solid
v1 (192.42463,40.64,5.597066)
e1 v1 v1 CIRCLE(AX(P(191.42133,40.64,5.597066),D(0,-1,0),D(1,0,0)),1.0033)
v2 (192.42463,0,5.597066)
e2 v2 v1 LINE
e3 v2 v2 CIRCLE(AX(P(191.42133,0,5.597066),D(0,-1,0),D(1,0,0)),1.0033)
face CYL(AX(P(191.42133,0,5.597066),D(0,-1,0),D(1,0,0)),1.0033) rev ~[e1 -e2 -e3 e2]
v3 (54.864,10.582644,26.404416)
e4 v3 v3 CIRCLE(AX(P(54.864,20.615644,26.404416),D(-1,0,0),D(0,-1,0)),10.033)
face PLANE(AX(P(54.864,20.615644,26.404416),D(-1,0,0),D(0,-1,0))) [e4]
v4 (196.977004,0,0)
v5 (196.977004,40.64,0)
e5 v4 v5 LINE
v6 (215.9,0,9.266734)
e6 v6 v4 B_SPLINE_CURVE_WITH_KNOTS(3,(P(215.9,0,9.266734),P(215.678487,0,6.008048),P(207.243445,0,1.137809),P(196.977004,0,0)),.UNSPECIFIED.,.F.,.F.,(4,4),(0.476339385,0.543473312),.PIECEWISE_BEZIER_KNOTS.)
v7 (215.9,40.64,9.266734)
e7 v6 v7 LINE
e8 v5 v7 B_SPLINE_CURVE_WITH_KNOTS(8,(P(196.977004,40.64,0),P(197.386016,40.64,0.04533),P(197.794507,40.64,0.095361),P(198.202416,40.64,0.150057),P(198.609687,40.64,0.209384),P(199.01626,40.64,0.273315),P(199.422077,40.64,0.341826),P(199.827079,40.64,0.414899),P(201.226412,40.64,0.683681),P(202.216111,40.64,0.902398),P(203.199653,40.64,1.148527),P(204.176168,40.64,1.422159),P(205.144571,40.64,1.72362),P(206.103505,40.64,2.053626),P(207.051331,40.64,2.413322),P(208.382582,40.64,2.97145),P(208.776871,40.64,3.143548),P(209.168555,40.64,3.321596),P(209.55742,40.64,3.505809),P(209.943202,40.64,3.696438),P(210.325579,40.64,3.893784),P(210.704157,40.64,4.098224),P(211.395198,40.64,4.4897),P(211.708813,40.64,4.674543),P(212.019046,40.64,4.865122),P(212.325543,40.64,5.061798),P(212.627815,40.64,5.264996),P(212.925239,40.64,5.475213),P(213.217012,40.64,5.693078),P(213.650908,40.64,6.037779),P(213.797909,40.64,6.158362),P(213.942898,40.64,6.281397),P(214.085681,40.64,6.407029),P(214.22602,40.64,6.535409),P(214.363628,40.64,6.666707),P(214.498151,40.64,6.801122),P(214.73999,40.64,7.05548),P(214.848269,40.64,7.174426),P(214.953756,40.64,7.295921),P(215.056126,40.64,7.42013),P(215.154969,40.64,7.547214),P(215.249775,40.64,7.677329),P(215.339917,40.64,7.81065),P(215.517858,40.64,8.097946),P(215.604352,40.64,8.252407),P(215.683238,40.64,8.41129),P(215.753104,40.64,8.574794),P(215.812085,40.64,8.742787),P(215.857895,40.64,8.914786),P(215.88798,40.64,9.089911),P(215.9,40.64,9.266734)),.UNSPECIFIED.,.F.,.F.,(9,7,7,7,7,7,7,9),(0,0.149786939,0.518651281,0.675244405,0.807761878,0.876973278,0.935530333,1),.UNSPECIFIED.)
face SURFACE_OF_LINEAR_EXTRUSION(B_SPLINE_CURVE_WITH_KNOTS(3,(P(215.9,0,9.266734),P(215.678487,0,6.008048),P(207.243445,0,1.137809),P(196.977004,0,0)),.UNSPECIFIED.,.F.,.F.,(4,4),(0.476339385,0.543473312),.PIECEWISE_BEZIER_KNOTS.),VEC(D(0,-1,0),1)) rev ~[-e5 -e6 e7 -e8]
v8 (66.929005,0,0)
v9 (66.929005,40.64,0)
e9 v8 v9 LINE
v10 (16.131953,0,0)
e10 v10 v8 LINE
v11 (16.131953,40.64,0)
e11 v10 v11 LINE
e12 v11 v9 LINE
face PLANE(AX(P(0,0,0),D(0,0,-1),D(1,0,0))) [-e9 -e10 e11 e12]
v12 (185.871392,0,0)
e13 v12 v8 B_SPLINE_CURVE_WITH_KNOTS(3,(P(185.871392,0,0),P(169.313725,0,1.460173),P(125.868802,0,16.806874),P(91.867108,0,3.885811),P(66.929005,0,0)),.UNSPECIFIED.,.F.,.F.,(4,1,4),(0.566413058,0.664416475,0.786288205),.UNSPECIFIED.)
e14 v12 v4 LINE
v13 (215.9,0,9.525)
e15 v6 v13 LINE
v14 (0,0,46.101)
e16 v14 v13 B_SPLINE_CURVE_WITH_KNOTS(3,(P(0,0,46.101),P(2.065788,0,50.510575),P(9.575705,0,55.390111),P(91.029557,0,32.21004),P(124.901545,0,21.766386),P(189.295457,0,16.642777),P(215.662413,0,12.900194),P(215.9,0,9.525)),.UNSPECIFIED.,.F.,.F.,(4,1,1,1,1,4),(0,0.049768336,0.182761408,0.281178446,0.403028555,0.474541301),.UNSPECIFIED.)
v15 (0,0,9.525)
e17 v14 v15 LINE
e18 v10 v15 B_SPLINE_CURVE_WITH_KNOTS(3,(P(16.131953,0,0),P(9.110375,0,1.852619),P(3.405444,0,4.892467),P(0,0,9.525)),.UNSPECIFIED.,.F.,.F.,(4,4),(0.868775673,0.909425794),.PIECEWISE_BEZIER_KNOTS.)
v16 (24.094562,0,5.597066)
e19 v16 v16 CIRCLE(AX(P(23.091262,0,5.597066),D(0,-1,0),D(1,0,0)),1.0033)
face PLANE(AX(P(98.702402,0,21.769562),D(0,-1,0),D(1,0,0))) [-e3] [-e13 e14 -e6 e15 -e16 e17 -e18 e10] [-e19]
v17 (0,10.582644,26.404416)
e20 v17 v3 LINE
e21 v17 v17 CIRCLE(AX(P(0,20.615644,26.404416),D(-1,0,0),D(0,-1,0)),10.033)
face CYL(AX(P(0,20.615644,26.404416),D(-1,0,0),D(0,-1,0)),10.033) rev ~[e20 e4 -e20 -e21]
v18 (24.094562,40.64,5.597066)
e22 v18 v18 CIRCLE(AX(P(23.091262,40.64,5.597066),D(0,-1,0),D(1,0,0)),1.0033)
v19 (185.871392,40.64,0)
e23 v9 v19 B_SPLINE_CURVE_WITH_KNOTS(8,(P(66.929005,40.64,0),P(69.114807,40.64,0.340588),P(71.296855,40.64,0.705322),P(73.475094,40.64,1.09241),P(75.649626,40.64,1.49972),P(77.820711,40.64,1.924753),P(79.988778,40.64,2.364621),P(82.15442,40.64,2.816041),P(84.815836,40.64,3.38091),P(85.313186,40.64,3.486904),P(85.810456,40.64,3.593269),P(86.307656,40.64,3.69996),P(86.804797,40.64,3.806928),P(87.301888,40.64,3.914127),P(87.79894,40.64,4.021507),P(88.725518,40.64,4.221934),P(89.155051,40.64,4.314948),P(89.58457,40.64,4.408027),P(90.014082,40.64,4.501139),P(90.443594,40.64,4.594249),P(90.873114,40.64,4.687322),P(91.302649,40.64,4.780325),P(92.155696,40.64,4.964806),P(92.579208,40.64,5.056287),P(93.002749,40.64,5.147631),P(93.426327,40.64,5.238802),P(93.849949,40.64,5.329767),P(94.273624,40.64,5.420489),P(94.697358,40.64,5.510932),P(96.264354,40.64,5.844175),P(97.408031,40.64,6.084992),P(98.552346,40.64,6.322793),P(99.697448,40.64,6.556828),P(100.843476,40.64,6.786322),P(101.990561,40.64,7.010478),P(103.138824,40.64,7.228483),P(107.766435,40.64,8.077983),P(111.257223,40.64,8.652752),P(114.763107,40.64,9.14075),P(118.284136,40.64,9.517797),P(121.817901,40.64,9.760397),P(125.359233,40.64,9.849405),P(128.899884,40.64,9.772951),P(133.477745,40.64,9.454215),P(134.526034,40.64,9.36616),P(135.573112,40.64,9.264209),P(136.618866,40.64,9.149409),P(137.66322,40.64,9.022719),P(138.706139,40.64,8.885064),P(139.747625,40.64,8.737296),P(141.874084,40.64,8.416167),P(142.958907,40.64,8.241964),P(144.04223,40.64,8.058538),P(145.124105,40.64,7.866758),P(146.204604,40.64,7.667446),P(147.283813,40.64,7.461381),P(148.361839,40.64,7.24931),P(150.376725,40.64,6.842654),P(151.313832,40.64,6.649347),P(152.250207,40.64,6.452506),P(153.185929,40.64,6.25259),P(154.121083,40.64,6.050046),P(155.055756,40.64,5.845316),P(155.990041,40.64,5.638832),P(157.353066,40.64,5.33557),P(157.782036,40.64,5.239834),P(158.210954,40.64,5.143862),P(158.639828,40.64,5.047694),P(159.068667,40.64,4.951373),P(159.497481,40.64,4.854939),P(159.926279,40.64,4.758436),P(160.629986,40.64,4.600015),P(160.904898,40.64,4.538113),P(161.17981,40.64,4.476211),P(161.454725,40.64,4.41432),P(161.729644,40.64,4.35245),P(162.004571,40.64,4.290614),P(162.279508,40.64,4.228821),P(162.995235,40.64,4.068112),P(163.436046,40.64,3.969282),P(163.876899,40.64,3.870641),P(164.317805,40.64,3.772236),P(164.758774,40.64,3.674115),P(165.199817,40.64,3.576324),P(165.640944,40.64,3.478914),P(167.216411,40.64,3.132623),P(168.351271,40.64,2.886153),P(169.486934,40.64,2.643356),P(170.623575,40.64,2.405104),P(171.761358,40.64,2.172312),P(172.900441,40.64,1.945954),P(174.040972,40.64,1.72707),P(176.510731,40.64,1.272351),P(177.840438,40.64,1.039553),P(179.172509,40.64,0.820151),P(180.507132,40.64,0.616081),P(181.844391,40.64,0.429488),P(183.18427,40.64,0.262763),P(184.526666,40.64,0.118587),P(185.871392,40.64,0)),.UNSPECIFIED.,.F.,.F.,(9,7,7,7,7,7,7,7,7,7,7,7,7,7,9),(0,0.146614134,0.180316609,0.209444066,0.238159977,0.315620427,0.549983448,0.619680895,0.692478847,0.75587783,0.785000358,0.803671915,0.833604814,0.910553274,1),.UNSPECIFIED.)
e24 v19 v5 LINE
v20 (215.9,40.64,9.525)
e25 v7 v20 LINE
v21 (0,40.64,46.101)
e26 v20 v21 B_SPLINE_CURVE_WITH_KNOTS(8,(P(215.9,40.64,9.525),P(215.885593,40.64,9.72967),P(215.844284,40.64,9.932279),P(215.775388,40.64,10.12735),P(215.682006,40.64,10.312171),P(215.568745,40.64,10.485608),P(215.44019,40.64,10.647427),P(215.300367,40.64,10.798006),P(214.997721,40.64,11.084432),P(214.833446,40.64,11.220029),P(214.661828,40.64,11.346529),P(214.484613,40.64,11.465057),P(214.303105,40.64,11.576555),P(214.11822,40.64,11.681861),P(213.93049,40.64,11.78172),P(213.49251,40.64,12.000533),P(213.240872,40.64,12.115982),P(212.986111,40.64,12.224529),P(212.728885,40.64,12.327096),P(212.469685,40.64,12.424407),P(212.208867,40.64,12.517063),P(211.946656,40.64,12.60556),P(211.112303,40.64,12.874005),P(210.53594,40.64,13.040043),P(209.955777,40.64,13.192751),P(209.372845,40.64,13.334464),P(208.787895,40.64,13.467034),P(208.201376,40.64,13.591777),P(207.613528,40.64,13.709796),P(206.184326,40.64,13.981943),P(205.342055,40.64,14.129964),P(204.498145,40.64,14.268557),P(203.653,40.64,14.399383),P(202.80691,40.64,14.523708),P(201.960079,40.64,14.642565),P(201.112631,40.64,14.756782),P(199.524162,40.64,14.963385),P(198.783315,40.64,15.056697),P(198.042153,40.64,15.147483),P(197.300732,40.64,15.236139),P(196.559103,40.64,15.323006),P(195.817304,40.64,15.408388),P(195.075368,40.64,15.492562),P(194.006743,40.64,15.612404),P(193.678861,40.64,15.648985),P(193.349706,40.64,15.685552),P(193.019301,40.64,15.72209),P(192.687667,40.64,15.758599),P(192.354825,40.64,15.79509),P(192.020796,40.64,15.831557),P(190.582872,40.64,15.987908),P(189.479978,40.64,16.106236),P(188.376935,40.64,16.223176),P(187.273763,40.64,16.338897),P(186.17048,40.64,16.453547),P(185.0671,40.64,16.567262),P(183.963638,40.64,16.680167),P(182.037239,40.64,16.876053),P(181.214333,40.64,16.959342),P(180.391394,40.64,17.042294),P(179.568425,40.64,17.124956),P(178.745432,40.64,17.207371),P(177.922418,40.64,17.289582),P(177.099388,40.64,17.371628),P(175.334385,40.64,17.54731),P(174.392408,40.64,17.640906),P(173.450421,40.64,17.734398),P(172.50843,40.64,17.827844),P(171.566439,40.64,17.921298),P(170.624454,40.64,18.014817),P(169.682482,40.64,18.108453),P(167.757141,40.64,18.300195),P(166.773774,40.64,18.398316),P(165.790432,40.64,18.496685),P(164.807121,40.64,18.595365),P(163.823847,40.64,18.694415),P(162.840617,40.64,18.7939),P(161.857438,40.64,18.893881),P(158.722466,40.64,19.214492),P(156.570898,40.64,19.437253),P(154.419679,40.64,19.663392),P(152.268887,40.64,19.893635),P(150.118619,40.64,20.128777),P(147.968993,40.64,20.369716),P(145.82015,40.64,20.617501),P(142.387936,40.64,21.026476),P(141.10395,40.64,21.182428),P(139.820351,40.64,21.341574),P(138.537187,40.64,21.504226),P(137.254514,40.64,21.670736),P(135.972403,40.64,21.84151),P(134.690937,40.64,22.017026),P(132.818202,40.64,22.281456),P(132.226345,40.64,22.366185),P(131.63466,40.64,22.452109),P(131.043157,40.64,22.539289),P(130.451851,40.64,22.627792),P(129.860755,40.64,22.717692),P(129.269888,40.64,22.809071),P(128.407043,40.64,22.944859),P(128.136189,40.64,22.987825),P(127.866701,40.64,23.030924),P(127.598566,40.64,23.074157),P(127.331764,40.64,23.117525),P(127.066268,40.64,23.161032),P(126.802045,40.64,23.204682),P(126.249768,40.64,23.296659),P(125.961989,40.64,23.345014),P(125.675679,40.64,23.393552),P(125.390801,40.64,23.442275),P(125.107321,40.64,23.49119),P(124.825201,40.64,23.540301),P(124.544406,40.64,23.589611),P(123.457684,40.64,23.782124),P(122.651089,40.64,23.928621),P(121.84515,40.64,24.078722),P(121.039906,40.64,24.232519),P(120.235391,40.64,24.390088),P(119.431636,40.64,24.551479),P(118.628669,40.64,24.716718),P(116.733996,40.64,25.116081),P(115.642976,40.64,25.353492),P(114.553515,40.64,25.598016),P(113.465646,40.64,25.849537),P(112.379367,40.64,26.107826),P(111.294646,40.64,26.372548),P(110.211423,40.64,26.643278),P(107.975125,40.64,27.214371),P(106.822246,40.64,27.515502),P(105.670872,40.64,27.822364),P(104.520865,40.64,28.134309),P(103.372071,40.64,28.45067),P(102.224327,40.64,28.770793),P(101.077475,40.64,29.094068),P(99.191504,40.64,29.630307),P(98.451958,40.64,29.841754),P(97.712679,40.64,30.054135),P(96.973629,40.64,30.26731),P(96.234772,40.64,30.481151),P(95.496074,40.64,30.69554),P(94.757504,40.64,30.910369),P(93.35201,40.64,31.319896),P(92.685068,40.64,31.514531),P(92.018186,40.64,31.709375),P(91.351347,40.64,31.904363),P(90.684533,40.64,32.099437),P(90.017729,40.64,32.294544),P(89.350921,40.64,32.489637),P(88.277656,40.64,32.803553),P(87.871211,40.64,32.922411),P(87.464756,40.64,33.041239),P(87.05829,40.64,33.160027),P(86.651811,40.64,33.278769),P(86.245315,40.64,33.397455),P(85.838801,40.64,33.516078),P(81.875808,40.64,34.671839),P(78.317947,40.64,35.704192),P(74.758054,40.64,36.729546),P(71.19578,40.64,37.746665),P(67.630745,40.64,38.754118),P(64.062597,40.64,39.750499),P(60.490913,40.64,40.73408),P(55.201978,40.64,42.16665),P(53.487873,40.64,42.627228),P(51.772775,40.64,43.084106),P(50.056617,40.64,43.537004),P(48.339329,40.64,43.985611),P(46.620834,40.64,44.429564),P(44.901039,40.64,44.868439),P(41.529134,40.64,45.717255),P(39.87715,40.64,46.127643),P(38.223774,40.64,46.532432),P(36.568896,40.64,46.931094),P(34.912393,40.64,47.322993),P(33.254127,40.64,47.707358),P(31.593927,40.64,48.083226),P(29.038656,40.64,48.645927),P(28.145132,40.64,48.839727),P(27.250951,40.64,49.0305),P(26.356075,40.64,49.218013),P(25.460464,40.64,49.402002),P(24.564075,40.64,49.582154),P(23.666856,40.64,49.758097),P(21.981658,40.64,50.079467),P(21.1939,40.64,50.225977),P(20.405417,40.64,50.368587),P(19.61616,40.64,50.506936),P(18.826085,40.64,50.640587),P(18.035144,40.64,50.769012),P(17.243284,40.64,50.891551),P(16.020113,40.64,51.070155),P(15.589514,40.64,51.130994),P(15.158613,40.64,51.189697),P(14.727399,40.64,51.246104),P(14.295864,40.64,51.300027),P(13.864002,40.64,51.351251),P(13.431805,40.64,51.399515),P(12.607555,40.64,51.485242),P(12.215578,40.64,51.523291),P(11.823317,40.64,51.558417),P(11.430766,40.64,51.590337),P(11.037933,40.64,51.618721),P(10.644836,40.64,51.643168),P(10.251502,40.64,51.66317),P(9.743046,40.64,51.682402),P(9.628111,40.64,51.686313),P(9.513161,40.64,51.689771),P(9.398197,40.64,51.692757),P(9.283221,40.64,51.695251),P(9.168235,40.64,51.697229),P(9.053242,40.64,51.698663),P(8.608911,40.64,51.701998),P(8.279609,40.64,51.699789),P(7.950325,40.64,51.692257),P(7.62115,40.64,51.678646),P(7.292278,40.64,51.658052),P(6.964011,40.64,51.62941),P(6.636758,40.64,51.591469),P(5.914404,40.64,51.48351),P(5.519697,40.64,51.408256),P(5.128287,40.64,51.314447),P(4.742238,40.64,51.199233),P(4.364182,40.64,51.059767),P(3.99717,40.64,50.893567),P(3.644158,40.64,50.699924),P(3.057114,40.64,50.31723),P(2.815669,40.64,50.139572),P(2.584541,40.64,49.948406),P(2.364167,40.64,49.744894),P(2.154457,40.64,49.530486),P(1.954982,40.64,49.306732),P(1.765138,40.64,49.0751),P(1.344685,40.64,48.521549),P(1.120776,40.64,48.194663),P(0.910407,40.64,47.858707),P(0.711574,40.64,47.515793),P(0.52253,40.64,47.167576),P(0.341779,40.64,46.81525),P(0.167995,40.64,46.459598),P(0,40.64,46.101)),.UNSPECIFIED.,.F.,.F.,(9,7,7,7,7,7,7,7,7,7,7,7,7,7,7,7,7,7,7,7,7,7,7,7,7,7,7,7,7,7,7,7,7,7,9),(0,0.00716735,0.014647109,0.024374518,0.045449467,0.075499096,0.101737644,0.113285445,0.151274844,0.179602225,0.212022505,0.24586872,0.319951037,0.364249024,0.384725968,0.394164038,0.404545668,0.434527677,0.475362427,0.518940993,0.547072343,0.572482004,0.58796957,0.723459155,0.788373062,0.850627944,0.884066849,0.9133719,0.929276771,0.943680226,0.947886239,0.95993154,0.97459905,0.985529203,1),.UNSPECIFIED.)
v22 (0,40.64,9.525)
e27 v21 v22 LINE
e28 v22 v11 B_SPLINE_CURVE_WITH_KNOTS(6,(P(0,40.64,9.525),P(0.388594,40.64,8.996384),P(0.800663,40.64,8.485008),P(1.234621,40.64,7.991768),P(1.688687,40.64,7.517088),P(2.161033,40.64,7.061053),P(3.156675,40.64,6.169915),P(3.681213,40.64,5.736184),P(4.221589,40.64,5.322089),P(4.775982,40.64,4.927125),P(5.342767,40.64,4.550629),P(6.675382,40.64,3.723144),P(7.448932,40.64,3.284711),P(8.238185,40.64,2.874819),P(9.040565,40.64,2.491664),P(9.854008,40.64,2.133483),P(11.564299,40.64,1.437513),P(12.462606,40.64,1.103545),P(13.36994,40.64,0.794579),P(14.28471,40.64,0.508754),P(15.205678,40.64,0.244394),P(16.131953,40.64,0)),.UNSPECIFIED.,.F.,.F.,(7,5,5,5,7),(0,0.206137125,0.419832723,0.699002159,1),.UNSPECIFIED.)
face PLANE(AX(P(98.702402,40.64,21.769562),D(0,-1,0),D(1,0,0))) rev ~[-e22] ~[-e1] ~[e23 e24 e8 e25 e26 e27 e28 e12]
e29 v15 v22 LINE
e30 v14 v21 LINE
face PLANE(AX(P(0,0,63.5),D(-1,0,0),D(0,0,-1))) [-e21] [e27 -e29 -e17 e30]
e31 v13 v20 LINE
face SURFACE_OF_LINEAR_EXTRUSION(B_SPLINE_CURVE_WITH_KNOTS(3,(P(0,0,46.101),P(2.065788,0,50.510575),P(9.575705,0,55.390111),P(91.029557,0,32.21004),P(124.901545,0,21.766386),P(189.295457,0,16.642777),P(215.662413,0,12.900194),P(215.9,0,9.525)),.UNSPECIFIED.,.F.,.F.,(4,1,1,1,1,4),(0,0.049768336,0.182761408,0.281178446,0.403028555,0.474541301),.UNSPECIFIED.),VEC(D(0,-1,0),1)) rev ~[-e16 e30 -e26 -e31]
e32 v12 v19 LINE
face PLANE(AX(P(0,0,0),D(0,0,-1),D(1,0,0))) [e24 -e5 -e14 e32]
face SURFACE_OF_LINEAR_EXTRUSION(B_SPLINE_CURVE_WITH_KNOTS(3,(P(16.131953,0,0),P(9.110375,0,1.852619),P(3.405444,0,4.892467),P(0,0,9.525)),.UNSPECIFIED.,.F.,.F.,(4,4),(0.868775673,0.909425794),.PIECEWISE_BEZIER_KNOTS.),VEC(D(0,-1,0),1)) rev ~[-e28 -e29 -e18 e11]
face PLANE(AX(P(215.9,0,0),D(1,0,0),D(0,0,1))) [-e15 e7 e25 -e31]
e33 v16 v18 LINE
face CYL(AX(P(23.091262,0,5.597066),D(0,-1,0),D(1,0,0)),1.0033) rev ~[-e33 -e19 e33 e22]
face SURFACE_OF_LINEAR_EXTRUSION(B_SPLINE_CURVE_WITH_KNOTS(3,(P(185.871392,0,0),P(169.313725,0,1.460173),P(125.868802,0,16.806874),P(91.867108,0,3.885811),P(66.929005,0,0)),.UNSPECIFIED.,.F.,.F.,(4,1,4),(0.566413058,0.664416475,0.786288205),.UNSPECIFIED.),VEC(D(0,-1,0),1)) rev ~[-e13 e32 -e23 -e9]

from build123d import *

# Parameters (mm, degrees)
F1_DEPTH = 40.64
F2_R     = 10.033
F3_DEPTH = 54.864
F5_DEPTH = 50.8
F6_R     = 1.0033
F7_DEPTH = 50.8


with BuildPart() as f1:
    # F0 (on Front) → F1 (new body)
    with BuildSketch(Plane.XZ):
        Polygon((0, 63.5), (0, 0), (215.9, 0), (215.9, 19.05), align=None)
    extrude(amount=-F1_DEPTH)

    # F2 (on face) → F3 (cut)
    with BuildSketch(Plane(origin=(0, 0, 0), x_dir=(0, -1, 0), z_dir=(-1, 0, 0))):
        with Locations((-20.6156443834, 26.4044162248)):
            Circle(F2_R)
    extrude(amount=-F3_DEPTH, mode=Mode.SUBTRACT)

    # F4 (on face) → F5 (cut)
    with BuildSketch(Plane.XZ):
        with BuildLine():
            add(Edge.make_bspline(
                [(16.1319528243, 0), (9.1103746855, 1.8526189253), (3.4054441774, 4.8924667394), (0, 9.525)],
                knots=[0.8687756732, 0.8687756732, 0.8687756732, 0.8687756732, 0.9094257938, 0.9094257938, 0.9094257938, 0.9094257938], degree=3))
            Line((0, 9.525), (0, 0))
            Line((0, 0), (16.1319528243, 0))
        make_face()
        with BuildLine():
            Line((0, 63.5), (0, 46.10100016))
            add(Edge.make_bspline(
                [(0, 46.10100016), (2.0657878411, 50.5105752313), (9.5757047951, 55.3901111014), (91.02955709, 32.210039913), (124.9015451965, 21.7663856992), (189.2954565971, 16.6427769383), (215.6624128237, 12.9001936662), (215.9, 9.525)],
                knots=[0, 0, 0, 0, 0.0497683362, 0.1827614083, 0.2811784463, 0.4030285545, 0.4745413014, 0.4745413014, 0.4745413014, 0.4745413014], degree=3))
            Line((215.9, 9.525), (215.9, 19.05))
            Line((215.9, 19.05), (0, 63.5))
        make_face()
        with BuildLine():
            add(Edge.make_bspline(
                [(185.8713920601, 0), (169.3137245185, 1.4601725501), (125.8688018117, 16.8068740981), (91.8671082983, 3.8858105541), (66.9290050864, 0)],
                knots=[0.5664130579, 0.5664130579, 0.5664130579, 0.5664130579, 0.6644164746, 0.7862882052, 0.7862882052, 0.7862882052, 0.7862882052], degree=3))
            Line((66.9290050864, 0), (185.8713920601, 0))
        make_face()
        with BuildLine():
            Line((215.9, 0), (215.9, 9.2667335943))
            add(Edge.make_bspline(
                [(215.9, 9.2667335943), (215.678486687, 6.0080477852), (207.2434450535, 1.1378088917), (196.9770044088, 0)],
                knots=[0.4763393845, 0.4763393845, 0.4763393845, 0.4763393845, 0.543473312, 0.543473312, 0.543473312, 0.543473312], degree=3))
            Line((196.9770044089, 0), (215.9, 0))
        make_face()
    extrude(amount=-F5_DEPTH, mode=Mode.SUBTRACT)

    # F6 (on face) → F7 (cut)
    with BuildSketch(Plane.XZ):
        with Locations((23.0912622064, 5.5970656686)):
            Circle(F6_R)
        with Locations((191.4213299751, 5.5970656686)):
            Circle(F6_R)
    extrude(amount=-F7_DEPTH, mode=Mode.SUBTRACT)


solid = f1.part
